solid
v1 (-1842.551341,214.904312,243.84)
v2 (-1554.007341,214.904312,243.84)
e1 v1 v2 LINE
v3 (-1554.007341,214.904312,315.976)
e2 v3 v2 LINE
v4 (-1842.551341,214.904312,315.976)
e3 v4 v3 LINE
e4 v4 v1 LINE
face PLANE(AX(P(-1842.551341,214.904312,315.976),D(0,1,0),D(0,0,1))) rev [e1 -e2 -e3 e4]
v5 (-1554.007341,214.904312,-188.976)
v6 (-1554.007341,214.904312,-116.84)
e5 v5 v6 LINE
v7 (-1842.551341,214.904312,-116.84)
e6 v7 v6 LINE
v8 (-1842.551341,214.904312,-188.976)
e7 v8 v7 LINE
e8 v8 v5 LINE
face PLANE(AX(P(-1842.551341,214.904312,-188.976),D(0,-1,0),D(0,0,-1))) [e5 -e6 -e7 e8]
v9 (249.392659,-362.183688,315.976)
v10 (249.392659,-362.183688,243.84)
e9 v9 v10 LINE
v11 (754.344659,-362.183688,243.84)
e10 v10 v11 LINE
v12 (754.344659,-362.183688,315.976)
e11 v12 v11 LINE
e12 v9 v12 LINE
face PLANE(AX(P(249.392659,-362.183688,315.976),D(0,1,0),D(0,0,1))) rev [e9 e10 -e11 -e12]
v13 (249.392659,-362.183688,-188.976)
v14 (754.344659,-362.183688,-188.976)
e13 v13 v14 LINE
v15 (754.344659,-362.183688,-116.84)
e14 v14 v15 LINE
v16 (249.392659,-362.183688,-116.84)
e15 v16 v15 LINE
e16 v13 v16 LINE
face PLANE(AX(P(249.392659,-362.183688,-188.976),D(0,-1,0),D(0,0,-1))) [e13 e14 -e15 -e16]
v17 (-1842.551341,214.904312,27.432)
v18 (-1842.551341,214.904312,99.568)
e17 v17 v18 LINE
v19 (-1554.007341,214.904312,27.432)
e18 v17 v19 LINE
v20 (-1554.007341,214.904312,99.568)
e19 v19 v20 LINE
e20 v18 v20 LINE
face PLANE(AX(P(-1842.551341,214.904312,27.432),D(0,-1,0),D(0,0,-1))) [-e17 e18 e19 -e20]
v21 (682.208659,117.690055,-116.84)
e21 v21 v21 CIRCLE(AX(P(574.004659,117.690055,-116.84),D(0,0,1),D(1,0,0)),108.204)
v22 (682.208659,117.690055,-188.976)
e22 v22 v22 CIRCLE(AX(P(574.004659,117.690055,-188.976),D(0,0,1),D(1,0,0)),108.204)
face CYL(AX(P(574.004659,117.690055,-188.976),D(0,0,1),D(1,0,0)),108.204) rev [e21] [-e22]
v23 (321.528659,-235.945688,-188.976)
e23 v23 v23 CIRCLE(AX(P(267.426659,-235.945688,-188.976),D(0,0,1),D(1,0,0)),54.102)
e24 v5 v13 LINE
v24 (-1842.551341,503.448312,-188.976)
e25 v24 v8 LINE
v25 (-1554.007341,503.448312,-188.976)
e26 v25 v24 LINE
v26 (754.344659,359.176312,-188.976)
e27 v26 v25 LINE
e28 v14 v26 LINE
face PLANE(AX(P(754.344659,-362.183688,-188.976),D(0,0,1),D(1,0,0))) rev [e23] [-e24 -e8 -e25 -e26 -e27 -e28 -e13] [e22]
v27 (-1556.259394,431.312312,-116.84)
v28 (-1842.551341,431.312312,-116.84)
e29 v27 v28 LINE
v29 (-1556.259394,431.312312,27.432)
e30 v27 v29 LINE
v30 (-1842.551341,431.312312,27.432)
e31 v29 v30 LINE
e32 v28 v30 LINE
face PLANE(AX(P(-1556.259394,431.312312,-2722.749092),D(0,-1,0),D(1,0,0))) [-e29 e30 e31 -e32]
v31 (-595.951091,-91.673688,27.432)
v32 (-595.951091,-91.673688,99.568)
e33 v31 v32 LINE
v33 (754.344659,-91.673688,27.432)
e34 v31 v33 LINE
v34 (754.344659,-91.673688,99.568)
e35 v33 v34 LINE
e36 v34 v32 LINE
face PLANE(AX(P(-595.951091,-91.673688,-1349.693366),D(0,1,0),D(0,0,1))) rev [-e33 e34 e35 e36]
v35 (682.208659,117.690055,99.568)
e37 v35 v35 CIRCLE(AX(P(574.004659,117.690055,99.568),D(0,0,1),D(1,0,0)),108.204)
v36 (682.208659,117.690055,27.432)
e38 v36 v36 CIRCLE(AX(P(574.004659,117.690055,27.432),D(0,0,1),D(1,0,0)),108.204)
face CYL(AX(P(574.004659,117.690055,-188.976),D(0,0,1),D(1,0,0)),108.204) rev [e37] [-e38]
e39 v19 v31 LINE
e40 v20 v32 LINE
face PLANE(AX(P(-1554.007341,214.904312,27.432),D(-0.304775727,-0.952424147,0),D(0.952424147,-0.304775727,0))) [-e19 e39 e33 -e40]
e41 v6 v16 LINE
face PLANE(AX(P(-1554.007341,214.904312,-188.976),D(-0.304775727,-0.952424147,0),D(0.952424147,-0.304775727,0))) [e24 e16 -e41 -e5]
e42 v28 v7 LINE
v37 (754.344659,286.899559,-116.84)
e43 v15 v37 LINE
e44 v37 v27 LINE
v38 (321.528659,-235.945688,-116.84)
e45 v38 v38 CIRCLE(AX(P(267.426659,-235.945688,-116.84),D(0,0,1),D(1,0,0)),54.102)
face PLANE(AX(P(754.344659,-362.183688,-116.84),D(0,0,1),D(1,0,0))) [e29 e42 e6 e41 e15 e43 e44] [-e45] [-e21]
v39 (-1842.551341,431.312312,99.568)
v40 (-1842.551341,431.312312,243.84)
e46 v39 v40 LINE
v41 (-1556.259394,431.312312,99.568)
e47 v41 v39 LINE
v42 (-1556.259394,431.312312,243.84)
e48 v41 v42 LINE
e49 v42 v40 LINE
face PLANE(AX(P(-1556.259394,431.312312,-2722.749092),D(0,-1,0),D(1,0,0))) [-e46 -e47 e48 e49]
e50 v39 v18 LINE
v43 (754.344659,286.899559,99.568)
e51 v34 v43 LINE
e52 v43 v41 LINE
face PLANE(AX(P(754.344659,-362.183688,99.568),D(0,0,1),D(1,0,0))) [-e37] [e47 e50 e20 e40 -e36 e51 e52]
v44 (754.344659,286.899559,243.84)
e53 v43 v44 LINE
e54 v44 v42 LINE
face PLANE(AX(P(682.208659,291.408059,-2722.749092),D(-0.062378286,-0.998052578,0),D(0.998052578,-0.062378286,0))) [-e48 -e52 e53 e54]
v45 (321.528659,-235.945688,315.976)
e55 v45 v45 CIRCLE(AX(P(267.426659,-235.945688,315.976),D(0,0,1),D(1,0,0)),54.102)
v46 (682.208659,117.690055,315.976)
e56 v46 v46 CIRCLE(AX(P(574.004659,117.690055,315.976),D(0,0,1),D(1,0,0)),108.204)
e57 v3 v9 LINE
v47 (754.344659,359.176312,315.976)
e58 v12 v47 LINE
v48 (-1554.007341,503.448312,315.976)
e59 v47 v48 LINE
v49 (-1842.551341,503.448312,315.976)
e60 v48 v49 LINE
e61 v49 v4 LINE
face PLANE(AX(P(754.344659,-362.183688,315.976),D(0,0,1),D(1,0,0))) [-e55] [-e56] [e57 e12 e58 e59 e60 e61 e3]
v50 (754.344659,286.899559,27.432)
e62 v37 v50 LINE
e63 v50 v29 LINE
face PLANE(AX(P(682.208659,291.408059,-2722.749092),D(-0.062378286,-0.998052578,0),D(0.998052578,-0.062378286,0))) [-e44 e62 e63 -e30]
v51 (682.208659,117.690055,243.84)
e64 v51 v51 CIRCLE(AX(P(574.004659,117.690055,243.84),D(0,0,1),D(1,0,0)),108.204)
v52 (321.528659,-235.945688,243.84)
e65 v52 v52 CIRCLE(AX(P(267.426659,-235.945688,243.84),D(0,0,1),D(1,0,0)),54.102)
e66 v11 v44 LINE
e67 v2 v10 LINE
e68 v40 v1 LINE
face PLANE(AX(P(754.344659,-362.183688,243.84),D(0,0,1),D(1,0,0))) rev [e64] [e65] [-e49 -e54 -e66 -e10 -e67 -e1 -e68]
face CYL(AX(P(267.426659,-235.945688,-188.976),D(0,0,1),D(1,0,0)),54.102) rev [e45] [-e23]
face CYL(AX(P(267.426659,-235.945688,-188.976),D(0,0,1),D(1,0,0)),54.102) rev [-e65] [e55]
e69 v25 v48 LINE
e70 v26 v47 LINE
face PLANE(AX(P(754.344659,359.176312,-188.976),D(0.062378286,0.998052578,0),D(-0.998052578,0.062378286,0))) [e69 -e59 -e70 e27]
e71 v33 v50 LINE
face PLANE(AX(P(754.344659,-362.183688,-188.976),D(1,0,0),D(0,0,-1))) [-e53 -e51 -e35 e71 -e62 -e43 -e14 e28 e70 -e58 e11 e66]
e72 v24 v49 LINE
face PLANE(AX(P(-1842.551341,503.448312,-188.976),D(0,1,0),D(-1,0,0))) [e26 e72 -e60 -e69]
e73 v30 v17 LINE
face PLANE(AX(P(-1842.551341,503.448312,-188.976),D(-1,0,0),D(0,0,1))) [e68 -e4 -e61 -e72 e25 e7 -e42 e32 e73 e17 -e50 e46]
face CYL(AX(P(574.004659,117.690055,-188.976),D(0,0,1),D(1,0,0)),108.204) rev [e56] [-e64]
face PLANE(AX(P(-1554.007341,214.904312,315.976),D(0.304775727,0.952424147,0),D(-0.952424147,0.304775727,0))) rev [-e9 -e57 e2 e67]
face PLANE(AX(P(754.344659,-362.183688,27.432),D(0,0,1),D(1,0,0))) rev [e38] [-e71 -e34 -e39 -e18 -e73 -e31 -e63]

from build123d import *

# Parameters (mm, degrees)
BOSS_EXTRUDE1_DEPTH      = 25.4
BOSS_EXTRUDE2_DEPTH      = 25.4
BOSS_EXTRUDE3_DEPTH      = 152.4
BOSS_EXTRUDE4_DEPTH      = 12.7
BOSS_EXTRUDE4_DEPTH_BACK = 12.7
SKETCH5_R                = 38.1
SKETCH5_R_2              = 19.05
CUT_EXTRUDE1_DEPTH       = 981.124094184
CUT_EXTRUDE2_DEPTH       = 25.4
SCALE1_SCALE             = 2.84


with BuildPart() as part:
    # Sketch1 → Boss-Extrude1 (new body)
    with BuildSketch(Plane.XY):
        Polygon((-914.4, 304.8), (-812.8, 304.8), (0, 254), (0, 0), (-177.8, 0), (-812.8, 203.2), (-914.4, 203.2), align=None)
    extrude(amount=-BOSS_EXTRUDE1_DEPTH)



with BuildPart() as body_2:
    # Sketch2 → Boss-Extrude2 (new body)
    with BuildSketch(Plane.XY.offset(127)):
        Polygon((-812.8, 203.2), (-177.8, 0), (0, 0), (0, 254), (-812.8, 304.8), (-914.4, 304.8), (-914.4, 203.2), align=None)
    extrude(amount=BOSS_EXTRUDE2_DEPTH)


with BuildPart() as part_1:
    add(part.part)

    add(body_2.part)  # Boss-Extrude3 merges body 2
    # Sketch3 → Boss-Extrude3 (add)
    with BuildSketch(Plane.XY.offset(152.4)):
        Polygon((-914.4, 279.4), (-914.4, 304.8), (-812.8, 304.8), (0, 254), (0, 228.550438977), (-25.4, 230.137938977), (-813.592976364, 279.4), align=None)
    extrude(amount=-BOSS_EXTRUDE3_DEPTH)

    # Sketch6 → Boss-Extrude4 (add, two sides: drawn at the far end of the back side and taken through both)
    with BuildSketch(Plane.XY.offset(63.5).offset(-BOSS_EXTRUDE4_DEPTH_BACK)):
        Polygon((-812.8, 203.2), (-177.8, 0), (0, 0), (0, 254), (-812.8, 304.8), (-914.4, 304.8), (-914.4, 203.2), align=None)
    extrude(amount=BOSS_EXTRUDE4_DEPTH + BOSS_EXTRUDE4_DEPTH_BACK)

    # Sketch5 → Cut-Extrude1 (cut, through all)
    with BuildSketch(Plane.XY.offset(152.4)):
        with Locations((-63.5, 168.969627955)):
            Circle(SKETCH5_R)
        with Locations((-171.45, 44.45)):
            Circle(SKETCH5_R_2)
    extrude(amount=-CUT_EXTRUDE1_DEPTH, mode=Mode.SUBTRACT)

    # Sketch7 → Cut-Extrude2 (cut)
    with BuildSketch(Plane.XY.offset(76.2)):
        Polygon((-475.45625, 95.25), (0, 95.25), (0, 0), (-177.8, 0), align=None)
    extrude(amount=-CUT_EXTRUDE2_DEPTH, mode=Mode.SUBTRACT)


with BuildPart() as part_2:
    # Scale1: scaled about (-409.969923115, 196.838960964, 63.5)
    add(part_1.part.scale(SCALE1_SCALE).moved(Location((754.344658532, -362.183688174, -116.84))))


solid = part_2.part
